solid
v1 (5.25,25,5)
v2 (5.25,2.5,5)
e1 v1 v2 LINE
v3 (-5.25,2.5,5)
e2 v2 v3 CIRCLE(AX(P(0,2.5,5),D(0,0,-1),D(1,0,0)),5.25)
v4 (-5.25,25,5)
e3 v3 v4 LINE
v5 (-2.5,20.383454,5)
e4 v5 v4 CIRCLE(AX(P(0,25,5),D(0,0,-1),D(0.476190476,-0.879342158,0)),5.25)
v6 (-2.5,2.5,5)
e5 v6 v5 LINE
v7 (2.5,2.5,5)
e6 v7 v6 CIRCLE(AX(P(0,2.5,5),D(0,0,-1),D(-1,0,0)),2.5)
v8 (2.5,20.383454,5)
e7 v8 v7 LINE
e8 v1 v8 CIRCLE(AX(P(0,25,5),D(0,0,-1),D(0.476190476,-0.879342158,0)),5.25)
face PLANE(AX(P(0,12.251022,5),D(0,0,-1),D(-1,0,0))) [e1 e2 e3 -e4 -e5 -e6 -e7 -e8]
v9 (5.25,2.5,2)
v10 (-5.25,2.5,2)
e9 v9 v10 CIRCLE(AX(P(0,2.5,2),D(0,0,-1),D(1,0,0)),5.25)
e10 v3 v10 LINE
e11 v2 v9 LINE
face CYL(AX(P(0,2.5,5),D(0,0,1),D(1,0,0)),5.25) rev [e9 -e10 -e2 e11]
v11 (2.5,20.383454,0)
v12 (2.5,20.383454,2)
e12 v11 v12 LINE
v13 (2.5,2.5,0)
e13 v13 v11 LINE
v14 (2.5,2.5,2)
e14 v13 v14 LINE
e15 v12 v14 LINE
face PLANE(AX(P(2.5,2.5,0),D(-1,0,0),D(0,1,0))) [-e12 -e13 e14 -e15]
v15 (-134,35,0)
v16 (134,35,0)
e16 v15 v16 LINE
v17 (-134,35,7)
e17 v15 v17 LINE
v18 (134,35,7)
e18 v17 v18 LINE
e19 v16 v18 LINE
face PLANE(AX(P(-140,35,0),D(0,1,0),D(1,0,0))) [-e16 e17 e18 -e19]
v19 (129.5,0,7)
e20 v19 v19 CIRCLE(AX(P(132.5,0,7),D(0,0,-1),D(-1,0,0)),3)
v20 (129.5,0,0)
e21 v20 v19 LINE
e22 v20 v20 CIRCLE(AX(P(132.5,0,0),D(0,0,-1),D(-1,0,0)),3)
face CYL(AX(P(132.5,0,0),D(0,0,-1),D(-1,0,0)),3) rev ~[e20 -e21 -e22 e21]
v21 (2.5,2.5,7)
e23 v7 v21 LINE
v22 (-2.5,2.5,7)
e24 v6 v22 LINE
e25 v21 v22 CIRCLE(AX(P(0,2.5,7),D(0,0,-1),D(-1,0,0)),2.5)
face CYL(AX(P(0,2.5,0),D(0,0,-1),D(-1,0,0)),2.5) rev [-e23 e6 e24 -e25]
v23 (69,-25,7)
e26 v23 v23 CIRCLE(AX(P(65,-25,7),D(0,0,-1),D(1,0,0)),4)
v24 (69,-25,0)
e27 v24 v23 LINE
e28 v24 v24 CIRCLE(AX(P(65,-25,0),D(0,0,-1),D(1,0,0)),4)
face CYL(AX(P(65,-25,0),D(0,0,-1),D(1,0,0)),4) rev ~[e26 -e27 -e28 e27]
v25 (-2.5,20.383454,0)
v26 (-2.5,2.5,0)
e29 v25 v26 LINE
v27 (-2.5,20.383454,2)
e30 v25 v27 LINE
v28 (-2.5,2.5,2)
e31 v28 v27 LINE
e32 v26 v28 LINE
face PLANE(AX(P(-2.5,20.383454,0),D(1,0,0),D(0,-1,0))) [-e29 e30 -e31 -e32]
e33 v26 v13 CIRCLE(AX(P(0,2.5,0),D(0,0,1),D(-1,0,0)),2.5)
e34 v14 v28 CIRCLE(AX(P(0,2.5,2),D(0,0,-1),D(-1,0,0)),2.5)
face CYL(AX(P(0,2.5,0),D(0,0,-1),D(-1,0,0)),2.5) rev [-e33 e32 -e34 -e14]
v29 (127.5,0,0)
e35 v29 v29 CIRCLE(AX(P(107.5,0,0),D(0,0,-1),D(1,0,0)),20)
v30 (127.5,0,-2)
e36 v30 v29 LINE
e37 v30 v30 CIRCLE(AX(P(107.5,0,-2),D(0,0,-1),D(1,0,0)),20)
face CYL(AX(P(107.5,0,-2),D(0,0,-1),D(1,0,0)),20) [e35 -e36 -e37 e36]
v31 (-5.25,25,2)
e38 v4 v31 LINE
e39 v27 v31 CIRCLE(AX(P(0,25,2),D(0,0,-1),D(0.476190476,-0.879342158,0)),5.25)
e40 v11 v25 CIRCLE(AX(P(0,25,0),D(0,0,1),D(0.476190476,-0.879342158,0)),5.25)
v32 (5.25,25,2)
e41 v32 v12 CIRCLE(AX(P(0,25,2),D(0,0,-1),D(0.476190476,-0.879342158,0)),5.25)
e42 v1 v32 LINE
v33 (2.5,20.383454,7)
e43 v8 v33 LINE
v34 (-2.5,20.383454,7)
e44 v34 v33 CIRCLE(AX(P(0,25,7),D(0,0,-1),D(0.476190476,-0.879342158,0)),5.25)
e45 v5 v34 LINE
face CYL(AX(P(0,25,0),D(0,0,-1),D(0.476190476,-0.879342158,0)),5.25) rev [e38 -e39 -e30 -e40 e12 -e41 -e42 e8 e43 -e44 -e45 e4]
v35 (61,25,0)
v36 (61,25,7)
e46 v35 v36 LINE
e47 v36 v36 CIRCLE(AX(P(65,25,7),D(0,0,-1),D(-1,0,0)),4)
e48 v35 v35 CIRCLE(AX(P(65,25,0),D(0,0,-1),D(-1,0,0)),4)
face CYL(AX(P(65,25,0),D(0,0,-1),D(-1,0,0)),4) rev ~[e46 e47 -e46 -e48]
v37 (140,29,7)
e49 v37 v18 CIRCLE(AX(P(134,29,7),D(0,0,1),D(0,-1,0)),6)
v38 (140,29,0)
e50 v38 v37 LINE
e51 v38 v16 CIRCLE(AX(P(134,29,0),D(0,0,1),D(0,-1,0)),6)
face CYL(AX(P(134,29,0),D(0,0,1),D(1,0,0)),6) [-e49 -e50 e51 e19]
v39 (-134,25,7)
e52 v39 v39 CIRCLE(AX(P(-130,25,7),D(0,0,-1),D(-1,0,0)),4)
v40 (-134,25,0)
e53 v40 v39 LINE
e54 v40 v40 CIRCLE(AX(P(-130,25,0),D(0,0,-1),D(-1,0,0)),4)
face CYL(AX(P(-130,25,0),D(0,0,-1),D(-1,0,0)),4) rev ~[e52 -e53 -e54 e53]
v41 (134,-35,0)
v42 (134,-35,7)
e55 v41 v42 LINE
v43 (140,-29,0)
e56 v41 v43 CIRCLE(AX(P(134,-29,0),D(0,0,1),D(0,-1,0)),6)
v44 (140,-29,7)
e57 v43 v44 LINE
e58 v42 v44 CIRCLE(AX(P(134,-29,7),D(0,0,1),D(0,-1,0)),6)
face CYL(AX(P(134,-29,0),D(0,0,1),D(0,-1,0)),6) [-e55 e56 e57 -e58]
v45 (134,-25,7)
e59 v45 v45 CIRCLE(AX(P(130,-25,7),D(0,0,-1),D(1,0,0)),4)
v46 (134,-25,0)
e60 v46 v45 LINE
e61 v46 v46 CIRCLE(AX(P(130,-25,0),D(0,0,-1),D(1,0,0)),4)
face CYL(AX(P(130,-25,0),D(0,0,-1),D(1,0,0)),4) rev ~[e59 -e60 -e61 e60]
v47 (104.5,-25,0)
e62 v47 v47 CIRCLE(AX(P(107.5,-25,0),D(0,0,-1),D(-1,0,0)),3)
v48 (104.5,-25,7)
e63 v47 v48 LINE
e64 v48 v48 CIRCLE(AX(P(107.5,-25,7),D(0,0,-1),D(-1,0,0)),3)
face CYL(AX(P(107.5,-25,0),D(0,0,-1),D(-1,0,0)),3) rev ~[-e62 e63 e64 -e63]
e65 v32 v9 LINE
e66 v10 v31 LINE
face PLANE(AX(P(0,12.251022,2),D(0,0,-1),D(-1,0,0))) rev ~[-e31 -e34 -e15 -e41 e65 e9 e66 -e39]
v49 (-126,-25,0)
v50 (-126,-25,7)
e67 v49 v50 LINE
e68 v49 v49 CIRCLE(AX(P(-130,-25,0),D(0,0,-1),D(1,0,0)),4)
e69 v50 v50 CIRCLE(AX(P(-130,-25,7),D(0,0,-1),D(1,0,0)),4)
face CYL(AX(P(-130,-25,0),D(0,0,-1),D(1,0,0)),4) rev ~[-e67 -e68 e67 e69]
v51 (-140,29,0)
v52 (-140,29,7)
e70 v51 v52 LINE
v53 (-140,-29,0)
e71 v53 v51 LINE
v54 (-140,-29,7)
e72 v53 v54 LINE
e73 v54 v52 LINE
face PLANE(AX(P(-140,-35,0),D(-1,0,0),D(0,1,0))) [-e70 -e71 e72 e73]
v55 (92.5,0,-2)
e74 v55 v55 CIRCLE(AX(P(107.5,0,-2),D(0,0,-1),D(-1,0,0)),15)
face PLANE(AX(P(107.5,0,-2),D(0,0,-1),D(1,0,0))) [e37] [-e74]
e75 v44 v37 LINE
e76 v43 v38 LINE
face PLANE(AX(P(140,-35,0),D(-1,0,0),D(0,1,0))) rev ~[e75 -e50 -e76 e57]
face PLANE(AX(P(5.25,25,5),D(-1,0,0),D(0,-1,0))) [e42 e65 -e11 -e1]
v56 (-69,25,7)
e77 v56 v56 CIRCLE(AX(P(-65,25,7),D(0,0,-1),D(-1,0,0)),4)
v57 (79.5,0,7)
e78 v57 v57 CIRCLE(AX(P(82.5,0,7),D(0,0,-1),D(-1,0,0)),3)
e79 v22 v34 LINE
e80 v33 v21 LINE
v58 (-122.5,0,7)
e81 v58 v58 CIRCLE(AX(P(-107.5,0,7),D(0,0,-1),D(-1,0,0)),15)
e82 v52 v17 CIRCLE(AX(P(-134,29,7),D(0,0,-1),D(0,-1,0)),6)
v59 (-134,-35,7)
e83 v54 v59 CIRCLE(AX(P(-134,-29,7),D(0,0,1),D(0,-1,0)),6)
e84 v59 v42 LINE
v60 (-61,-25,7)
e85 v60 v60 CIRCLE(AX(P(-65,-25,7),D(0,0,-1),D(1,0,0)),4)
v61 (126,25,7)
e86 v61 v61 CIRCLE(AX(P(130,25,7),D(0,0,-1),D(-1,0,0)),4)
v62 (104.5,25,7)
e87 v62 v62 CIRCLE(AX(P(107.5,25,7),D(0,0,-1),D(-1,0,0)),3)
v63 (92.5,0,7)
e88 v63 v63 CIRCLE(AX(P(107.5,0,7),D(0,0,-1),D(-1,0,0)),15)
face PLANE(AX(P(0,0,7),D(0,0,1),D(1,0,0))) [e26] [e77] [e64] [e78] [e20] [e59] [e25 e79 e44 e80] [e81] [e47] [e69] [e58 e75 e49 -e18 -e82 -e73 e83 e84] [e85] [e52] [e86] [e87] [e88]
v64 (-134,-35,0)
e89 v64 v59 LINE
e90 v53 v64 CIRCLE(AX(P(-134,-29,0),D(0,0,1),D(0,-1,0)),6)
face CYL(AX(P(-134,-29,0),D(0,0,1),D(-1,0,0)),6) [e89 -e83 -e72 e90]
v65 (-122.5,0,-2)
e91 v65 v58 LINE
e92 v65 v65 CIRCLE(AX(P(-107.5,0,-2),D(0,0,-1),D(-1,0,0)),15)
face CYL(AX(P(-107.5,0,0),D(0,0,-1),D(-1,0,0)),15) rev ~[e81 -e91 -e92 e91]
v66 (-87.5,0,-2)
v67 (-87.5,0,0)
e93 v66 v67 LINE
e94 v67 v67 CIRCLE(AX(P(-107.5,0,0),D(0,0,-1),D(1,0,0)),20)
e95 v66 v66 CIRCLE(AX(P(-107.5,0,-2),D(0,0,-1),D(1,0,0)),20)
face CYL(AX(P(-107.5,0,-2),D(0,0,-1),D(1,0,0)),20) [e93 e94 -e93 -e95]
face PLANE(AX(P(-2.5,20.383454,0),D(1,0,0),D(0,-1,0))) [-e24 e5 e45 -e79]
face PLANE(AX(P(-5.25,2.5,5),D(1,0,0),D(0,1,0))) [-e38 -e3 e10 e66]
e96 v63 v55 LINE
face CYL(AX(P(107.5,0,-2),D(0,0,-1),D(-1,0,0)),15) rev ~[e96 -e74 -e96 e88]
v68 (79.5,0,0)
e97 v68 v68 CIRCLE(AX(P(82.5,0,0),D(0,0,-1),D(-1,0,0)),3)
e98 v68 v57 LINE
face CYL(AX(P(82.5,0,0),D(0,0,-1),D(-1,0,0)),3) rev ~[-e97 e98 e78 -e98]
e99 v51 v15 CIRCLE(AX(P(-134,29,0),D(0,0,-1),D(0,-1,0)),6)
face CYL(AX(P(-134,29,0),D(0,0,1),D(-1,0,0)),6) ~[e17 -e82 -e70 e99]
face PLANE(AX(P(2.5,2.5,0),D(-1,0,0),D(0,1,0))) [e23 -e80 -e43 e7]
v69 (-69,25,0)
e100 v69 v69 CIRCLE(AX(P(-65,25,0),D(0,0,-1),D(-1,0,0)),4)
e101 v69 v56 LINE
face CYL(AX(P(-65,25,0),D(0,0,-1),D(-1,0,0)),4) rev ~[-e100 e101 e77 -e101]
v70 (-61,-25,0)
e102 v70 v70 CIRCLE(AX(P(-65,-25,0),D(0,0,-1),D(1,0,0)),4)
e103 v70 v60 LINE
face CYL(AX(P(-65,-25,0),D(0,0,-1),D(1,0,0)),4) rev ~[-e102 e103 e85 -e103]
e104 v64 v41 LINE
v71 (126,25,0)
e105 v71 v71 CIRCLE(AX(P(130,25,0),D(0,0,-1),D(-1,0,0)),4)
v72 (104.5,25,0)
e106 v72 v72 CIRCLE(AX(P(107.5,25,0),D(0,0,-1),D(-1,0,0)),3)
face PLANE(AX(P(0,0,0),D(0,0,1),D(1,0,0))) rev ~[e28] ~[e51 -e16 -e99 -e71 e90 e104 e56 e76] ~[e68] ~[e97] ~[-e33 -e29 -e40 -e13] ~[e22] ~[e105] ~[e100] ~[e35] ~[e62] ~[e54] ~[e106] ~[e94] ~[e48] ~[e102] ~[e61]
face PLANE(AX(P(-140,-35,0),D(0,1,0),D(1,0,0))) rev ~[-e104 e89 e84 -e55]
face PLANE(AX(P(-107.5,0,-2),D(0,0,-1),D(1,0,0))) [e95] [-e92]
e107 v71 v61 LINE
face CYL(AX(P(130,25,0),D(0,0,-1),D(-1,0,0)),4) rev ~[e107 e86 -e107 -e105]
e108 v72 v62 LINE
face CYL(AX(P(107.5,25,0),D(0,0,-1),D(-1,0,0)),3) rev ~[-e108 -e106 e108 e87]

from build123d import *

# Parameters (mm, degrees)
SKETCH1_W           = 280
SKETCH1_H           = 70
BOSS_EXTRUDE1_DEPTH = 7
FILLET1_R           = 6
SKETCH2_R           = 15
SKETCH2_R_2         = 4
SKETCH2_R_3         = 3
CUT_EXTRUDE1_DEPTH  = 10
BOSS_EXTRUDE2_START = 2
SKETCH3_R           = 20
SKETCH3_R_2         = 15
BOSS_EXTRUDE2_DEPTH = 2
CUT_EXTRUDE2_DEPTH  = 3


with BuildPart() as part:
    # Sketch1 → Boss-Extrude1 (new body)
    with BuildSketch(Plane.XY):
        Rectangle(SKETCH1_W, SKETCH1_H)
    extrude(amount=BOSS_EXTRUDE1_DEPTH)

    # Fillet1
    fillet1_edges = [part.edges().sort_by_distance(p)[0] for p in [
        (140, -35, 3.5),
        (-140, -35, 3.5),
        (-140, 35, 3.5),
        (140, 35, 3.5),
    ]]
    fillet(fillet1_edges, radius=FILLET1_R)

    # Sketch2 → Cut-Extrude1 (cut)
    with BuildSketch(Plane(origin=(0, 0, 0), x_dir=(-1, 0, 0), z_dir=(0, 0, -1))):
        with Locations((-107.5, 0)):
            Circle(SKETCH2_R)
        with Locations((107.5, 0)):
            Circle(SKETCH2_R)
        with Locations((130, 25)):
            Circle(SKETCH2_R_2)
        with Locations((65, 25)):
            Circle(SKETCH2_R_2)
        with Locations((-65, 25)):
            Circle(SKETCH2_R_2)
        with Locations((-130, 25)):
            Circle(SKETCH2_R_2)
        with Locations(Location((-130, -25, 0), (0, 0, 180))):
            Circle(SKETCH2_R_2)
        with Locations(Location((-65, -25, 0), (0, 0, 180))):
            Circle(SKETCH2_R_2)
        with Locations(Location((65, -25, 0), (0, 0, 180))):
            Circle(SKETCH2_R_2)
        with Locations(Location((130, -25, 0), (0, 0, 180))):
            Circle(SKETCH2_R_2)
        with Locations((-132.5, 0)):
            Circle(SKETCH2_R_3)
        with Locations((-107.5, 25)):
            Circle(SKETCH2_R_3)
        with Locations((-107.5, -25)):
            Circle(SKETCH2_R_3)
        with Locations((-82.5, 0)):
            Circle(SKETCH2_R_3)
        with BuildLine():
            Line((2.5, 20.383453672), (2.5, 2.5))
            ThreePointArc((2.5, 2.5), (0, 0), (-2.5, 2.5))
            Line((-2.5, 2.5), (-2.5, 20.383453672))
            ThreePointArc((-2.5, 20.383453672), (0, 30.25), (2.5, 20.383453672))
        make_face()
    extrude(amount=-CUT_EXTRUDE1_DEPTH, mode=Mode.SUBTRACT)

    # Sketch3 → Boss-Extrude2 (add)
    # profile 1 of 2: a face of its own
    with BuildSketch(Plane(origin=(0, 0, 0), x_dir=(-1, 0, 0), z_dir=(0, 0, -1)).offset(BOSS_EXTRUDE2_START)):
        with Locations(Location((-107.5, 0, 0), (0, 0, 180))):
            Circle(SKETCH3_R)
        with Locations((-107.5, 0)):
            Circle(SKETCH3_R_2, mode=Mode.SUBTRACT)
    # profile 2 of 2: a face of its own
    with BuildSketch(Plane(origin=(0, 0, 0), x_dir=(-1, 0, 0), z_dir=(0, 0, -1)).offset(BOSS_EXTRUDE2_START)):
        with Locations(Location((107.5, 0, 0), (0, 0, 180))):
            Circle(SKETCH3_R)
        with Locations((107.5, 0)):
            Circle(SKETCH3_R_2, mode=Mode.SUBTRACT)
    extrude(amount=-BOSS_EXTRUDE2_DEPTH)

    # Sketch4 → Cut-Extrude2 (cut)
    with BuildSketch(Plane.XY.offset(5)):
        with BuildLine():
            Line((-5.25, 20.383453672), (-5.25, 25))
            Line((-5.25, 25), (0, 25))
            Line((0, 25), (5.25, 25))
            Line((5.25, 25), (5.25, 20.383453672))
            Line((5.25, 20.383453672), (5.25, 2.5))
            ThreePointArc((5.25, 2.5), (0, -2.75), (-5.25, 2.5))
            Line((-5.25, 2.5), (-5.25, 20.383453672))
        make_face()
    extrude(amount=-CUT_EXTRUDE2_DEPTH, mode=Mode.SUBTRACT)


solid = part.part
